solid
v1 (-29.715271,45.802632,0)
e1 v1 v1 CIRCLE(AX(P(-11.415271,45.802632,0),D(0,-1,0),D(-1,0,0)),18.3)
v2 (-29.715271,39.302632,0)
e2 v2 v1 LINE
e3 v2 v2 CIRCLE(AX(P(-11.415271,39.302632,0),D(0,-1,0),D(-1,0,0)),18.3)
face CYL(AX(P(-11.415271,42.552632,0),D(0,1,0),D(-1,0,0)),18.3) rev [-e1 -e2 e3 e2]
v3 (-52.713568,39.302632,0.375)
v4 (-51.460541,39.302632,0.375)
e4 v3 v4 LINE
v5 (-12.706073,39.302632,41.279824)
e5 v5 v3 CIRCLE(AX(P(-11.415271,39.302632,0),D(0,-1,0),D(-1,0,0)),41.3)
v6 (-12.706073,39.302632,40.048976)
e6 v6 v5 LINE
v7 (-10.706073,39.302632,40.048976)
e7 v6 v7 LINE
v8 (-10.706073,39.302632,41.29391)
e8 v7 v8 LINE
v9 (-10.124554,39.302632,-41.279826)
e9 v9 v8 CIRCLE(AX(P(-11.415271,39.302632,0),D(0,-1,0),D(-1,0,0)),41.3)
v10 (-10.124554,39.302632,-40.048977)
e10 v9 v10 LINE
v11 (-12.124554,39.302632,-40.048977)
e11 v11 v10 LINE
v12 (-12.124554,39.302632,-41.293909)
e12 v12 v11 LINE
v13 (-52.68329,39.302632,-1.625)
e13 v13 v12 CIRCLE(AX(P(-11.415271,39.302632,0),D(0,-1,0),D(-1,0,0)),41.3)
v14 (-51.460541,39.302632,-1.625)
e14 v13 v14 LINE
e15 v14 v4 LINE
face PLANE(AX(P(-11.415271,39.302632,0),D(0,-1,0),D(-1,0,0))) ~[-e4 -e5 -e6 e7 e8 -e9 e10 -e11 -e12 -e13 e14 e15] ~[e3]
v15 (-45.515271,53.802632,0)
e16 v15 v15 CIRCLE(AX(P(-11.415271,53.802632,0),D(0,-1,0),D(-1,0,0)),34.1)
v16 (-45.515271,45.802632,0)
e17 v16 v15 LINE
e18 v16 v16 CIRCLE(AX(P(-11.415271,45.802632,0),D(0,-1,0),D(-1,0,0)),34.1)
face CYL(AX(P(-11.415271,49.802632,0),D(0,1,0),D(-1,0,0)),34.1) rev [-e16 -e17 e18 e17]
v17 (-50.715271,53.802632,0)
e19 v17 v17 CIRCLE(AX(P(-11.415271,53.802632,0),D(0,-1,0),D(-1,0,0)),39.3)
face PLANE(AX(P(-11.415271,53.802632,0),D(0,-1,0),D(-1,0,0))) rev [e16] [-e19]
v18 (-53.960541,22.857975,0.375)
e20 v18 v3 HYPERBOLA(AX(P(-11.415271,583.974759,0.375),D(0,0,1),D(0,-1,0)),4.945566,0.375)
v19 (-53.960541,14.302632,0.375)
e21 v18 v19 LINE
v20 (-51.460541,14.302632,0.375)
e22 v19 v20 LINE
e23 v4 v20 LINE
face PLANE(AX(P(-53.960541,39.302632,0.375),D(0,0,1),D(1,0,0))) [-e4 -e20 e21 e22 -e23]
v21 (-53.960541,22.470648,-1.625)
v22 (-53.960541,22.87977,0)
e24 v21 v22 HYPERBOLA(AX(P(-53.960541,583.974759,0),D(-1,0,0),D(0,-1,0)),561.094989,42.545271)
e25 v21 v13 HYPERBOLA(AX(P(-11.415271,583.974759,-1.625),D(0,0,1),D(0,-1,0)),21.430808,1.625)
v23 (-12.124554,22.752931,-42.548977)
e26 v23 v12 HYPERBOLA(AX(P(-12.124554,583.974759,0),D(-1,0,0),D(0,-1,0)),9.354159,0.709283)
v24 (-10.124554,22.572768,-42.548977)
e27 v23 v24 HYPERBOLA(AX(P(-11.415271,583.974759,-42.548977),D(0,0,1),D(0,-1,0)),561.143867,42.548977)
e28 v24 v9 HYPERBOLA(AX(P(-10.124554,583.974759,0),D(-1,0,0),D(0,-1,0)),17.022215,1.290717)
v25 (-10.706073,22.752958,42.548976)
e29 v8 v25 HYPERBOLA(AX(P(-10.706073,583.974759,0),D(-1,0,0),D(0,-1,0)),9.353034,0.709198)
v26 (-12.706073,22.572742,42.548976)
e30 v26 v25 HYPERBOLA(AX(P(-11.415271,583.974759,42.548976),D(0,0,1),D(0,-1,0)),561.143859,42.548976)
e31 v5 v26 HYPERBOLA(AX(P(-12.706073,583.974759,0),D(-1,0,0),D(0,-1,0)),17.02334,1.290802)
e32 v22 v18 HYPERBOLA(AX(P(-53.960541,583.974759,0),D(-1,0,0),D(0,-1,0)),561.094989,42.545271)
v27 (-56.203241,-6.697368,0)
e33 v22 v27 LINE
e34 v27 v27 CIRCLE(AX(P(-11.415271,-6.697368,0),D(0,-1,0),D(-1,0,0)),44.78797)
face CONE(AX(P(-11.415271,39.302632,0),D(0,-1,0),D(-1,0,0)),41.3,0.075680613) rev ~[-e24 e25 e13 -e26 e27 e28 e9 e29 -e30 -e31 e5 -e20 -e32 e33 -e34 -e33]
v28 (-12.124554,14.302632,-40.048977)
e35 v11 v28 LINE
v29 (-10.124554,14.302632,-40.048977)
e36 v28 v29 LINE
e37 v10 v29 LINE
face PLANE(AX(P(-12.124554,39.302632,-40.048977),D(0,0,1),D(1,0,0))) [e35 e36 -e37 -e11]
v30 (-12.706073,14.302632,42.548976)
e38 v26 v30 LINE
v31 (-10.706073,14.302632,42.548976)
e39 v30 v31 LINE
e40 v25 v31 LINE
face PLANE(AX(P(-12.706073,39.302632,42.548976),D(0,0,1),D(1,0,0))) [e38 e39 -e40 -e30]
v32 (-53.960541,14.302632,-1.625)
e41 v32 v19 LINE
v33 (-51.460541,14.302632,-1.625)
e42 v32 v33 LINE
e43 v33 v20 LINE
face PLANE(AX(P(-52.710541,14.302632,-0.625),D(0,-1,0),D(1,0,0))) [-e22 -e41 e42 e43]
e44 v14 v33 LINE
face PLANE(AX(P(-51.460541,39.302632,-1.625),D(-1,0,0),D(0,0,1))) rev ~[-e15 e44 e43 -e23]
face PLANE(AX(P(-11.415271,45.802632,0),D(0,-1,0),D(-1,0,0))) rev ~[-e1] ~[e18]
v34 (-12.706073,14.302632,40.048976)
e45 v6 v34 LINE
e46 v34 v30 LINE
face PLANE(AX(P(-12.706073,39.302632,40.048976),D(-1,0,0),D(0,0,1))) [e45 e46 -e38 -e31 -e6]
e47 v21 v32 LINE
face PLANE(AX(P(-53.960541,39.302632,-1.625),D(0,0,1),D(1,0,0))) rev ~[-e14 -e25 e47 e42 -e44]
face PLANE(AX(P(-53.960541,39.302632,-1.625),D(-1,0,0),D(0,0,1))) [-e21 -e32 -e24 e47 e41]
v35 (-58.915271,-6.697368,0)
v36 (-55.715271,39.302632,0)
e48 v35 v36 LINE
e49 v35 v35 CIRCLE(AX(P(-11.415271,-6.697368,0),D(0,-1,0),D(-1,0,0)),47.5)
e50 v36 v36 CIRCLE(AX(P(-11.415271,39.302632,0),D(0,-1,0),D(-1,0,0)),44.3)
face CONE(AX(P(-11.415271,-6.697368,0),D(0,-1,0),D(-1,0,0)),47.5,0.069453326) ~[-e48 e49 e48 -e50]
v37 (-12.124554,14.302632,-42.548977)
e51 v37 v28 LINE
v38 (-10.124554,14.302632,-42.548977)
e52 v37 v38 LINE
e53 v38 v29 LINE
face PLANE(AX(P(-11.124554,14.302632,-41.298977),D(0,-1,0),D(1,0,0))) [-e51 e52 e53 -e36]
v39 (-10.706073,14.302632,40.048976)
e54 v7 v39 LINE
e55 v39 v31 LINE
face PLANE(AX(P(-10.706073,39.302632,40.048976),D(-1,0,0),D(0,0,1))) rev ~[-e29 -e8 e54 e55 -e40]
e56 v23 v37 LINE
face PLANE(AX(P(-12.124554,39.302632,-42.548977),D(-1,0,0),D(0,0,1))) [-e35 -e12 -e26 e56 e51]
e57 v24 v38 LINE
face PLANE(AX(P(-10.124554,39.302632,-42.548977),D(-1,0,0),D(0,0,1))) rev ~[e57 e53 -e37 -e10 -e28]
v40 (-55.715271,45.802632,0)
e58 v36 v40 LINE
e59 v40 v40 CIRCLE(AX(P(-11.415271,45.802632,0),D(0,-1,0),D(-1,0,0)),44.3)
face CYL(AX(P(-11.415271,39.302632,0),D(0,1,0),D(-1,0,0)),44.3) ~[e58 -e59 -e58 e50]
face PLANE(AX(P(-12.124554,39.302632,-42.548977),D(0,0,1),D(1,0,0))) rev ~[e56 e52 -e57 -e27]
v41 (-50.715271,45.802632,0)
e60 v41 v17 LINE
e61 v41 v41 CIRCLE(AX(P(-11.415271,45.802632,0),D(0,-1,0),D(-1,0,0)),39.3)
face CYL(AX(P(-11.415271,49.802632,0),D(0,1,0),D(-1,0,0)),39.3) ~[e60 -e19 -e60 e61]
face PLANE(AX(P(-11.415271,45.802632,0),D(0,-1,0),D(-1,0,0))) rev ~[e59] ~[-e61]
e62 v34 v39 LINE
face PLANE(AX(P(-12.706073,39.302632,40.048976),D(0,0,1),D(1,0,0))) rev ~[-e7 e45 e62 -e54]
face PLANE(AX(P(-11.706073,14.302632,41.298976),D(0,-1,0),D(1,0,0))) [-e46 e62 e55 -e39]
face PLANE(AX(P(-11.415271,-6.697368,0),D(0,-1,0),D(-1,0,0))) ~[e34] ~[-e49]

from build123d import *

# Parameters (mm, degrees)
ESQUISSE1_W        = 15.8
ESQUISSE1_H        = 6.5
ESQUISSE1_W_2      = 5.2
ESQUISSE1_H_2      = 8
ESQUISSE2_W        = 2
ESQUISSE2_H        = 2.5
BOSS_EXTRU_2_DEPTH = 25
ESQUISSE3_W        = 2.5
ESQUISSE3_H        = 2
ESQUISSE3_W_2      = 2
ESQUISSE3_H_2      = 2.5
BOSS_EXTRU_3_DEPTH = 25


with BuildPart() as part:
    # Esquisse1 → Révolution1 (revolve)
    with BuildSketch(Plane.XY, mode=Mode.PRIVATE) as r_volution1_sk:
        Polygon((32.884729147, 39.302631579), (29.884729147, 39.302631579), (33.372699072, -6.697368421), (36.084729147, -6.697368421), align=None)
        Polygon((27.884729147, 45.802631579), (22.684729147, 45.802631579), (22.684729147, 39.302631579), (29.884729147, 39.302631579), (32.884729147, 39.302631579), (32.884729147, 45.802631579), align=None)
        with Locations((14.784729147, 42.552631579)):
            Rectangle(ESQUISSE1_W, ESQUISSE1_H)
        with Locations((25.284729147, 49.802631579)):
            Rectangle(ESQUISSE1_W_2, ESQUISSE1_H_2)
    revolve(r_volution1_sk.sketch.rotate(Axis((-11.415270853, 52.302631579, 0), (0, -1, 0)), 180), axis=Axis((-11.415270853, 52.302631579, 0), (0, -1, 0)))

    # Esquisse2 → Boss.-Extru.2 (add)
    with BuildSketch(Plane.XZ.offset(-39.302631579)):
        with Locations((-11.124553999, -41.298976788)):
            Rectangle(ESQUISSE2_W, ESQUISSE2_H)
    extrude(amount=BOSS_EXTRU_2_DEPTH)

    # Esquisse3 → Boss.-Extru.3 (add)
    with BuildSketch(Plane.XZ.offset(-39.302631579)):
        with Locations((-52.710541461, -0.6250003)):
            Rectangle(ESQUISSE3_W, ESQUISSE3_H)
        with Locations((-11.706072968, 41.298976187)):
            Rectangle(ESQUISSE3_W_2, ESQUISSE3_H_2)
    extrude(amount=BOSS_EXTRU_3_DEPTH)


solid = part.part
